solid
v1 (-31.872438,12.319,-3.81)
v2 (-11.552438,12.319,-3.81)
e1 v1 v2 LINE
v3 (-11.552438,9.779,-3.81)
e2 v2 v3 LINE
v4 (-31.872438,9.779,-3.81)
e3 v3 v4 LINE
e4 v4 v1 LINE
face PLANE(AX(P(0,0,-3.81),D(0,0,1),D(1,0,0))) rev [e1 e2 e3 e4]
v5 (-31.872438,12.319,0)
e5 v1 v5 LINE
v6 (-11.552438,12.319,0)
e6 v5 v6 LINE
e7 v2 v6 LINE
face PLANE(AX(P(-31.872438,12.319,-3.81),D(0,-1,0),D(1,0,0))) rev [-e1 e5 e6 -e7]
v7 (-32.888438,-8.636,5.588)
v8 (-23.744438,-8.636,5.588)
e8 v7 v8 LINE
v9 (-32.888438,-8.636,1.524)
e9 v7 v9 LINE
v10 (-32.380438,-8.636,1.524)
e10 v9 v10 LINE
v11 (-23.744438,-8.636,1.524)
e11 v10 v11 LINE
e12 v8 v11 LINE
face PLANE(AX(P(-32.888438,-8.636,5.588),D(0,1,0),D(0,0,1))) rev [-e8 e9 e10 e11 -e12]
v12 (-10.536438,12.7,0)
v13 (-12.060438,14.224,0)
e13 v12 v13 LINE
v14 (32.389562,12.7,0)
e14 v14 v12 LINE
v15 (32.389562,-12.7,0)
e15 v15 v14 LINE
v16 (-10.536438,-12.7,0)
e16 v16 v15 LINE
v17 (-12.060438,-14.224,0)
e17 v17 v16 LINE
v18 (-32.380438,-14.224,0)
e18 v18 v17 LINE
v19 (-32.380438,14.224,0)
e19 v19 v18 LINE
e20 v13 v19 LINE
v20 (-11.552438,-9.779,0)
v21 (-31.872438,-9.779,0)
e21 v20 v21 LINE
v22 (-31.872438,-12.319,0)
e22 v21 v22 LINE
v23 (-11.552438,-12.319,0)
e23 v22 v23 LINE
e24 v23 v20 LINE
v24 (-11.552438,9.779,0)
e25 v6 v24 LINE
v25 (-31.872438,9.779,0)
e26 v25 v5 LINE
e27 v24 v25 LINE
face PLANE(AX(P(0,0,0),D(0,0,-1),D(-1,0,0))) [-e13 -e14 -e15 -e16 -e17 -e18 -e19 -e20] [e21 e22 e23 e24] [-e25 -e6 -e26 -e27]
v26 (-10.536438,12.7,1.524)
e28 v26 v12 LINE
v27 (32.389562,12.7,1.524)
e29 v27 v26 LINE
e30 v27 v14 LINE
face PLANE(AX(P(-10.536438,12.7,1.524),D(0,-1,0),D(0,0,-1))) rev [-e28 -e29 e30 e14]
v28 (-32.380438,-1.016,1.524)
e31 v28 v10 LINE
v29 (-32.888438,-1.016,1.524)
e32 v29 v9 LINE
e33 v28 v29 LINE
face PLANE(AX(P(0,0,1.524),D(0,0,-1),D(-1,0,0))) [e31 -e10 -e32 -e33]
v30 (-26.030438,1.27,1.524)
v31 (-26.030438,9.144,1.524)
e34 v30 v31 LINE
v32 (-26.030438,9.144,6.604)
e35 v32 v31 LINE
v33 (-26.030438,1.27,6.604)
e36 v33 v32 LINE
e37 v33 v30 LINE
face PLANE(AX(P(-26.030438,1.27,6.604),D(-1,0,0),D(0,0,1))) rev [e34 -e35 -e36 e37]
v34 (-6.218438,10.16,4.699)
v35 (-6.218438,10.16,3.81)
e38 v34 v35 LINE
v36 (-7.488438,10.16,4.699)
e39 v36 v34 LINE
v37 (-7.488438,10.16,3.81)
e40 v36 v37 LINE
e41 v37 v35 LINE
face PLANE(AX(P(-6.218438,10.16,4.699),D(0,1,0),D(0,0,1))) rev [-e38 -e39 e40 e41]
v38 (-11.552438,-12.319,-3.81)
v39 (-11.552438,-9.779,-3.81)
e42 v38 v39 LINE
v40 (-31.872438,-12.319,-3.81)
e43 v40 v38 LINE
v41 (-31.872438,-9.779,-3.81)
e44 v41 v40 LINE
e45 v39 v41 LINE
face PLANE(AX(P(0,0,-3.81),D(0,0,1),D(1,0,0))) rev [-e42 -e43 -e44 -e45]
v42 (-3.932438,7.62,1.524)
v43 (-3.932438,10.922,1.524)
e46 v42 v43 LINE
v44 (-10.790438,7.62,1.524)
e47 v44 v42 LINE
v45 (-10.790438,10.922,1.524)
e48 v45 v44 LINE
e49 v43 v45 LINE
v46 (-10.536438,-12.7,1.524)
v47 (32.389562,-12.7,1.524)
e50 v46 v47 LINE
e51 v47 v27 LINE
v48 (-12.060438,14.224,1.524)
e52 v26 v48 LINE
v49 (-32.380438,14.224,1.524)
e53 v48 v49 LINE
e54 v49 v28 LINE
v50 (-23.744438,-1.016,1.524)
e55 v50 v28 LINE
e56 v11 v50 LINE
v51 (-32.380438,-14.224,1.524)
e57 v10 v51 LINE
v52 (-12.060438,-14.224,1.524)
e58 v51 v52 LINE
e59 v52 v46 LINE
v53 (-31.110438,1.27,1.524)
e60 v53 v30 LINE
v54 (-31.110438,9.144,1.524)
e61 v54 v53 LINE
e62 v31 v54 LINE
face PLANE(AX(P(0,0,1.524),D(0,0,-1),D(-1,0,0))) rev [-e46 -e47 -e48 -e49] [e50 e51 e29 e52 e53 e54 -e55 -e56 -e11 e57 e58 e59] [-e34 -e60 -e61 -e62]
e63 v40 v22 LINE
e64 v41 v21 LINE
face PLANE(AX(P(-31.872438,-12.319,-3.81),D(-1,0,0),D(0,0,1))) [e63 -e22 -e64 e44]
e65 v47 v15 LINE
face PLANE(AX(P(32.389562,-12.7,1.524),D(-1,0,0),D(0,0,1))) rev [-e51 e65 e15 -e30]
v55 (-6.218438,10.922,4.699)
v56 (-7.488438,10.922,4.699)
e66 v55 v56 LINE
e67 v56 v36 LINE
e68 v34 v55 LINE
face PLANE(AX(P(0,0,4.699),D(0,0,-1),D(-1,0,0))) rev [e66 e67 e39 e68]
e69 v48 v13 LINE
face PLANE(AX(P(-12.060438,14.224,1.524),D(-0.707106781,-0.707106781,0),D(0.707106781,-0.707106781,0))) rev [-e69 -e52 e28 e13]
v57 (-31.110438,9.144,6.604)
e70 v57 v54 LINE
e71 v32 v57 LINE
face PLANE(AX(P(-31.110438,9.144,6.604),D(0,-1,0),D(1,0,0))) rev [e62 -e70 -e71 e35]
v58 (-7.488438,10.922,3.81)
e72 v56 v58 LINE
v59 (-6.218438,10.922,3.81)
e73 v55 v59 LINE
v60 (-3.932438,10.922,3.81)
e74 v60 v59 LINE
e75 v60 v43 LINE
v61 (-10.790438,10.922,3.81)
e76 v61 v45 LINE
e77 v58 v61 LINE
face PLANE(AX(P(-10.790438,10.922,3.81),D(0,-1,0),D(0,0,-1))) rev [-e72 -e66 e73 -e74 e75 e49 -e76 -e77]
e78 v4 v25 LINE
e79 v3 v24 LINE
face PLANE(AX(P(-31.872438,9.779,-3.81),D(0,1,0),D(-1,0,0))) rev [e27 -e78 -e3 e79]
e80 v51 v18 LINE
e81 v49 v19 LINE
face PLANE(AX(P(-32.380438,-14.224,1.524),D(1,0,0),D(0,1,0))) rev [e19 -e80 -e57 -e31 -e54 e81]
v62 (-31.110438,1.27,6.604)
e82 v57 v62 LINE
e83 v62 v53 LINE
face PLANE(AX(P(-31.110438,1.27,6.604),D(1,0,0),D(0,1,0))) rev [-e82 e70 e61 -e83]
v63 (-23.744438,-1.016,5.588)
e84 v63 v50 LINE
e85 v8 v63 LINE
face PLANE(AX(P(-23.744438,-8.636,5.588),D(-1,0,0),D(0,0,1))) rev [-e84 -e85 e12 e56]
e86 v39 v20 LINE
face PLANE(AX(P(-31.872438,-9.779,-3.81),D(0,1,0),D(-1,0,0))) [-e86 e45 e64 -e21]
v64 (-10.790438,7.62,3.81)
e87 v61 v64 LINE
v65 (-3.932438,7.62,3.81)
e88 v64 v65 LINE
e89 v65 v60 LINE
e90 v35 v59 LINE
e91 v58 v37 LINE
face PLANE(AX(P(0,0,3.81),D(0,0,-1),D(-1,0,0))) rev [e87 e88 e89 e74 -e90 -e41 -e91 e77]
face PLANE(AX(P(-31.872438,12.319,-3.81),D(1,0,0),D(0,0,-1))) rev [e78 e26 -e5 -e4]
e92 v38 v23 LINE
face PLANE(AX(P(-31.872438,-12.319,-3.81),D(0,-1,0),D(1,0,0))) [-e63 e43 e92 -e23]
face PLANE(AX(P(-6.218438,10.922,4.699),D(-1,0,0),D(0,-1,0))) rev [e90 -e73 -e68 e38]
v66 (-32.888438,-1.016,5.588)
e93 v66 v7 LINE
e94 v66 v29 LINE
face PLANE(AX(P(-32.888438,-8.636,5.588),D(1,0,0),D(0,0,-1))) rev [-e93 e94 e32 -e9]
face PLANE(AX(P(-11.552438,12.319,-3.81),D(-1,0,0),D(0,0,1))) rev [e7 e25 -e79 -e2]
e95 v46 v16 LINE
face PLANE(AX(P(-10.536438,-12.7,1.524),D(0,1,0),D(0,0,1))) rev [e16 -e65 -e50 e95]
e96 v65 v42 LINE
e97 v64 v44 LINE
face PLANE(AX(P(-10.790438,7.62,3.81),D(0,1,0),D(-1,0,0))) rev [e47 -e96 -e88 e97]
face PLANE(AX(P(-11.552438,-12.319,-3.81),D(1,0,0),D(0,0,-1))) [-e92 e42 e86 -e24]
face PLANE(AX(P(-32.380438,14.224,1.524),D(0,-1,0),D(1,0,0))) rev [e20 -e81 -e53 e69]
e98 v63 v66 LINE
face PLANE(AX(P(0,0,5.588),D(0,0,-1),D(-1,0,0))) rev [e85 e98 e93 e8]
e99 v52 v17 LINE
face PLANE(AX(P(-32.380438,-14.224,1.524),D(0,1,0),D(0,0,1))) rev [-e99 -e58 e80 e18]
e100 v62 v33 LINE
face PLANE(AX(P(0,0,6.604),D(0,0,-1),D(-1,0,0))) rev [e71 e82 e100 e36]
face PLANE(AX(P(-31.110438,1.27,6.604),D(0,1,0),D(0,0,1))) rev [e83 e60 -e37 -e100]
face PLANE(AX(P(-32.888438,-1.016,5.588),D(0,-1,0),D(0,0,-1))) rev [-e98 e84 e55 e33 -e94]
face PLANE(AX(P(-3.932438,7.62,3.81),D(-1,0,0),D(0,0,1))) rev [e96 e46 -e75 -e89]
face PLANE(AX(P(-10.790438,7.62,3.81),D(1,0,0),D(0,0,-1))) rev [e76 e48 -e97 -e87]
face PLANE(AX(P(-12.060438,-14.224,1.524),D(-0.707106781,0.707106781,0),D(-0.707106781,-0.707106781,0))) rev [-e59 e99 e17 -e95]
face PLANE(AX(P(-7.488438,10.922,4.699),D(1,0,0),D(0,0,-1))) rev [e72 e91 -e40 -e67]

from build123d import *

# Parameters (mm, degrees)
BOSS_EXTRUDE1_DEPTH = 1.524
SKETCH2_W           = 9.144
SKETCH2_H           = 7.62
BOSS_EXTRUDE2_DEPTH = 4.064
SKETCH3_W           = 5.08
SKETCH3_H           = 7.874
BOSS_EXTRUDE3_DEPTH = 5.08
SKETCH4_W           = 20.32
SKETCH4_H           = 2.54
BOSS_EXTRUDE4_DEPTH = 3.81
SKETCH6_W           = 6.858
SKETCH6_H           = 3.302
BOSS_EXTRUDE5_DEPTH = 2.286
SKETCH7_W           = 1.27
SKETCH7_H           = 0.762
BOSS_EXTRUDE6_DEPTH = 0.889


with BuildPart() as part:
    # Sketch1 → Boss-Extrude1 (new body)
    with BuildSketch(Plane.XY):
        Polygon((-10.536438109, -12.7), (32.389561792, -12.7), (32.389561792, 12.7), (-10.536438109, 12.7), (-12.060438109, 14.224), (-32.380438109, 14.224), (-32.380438109, -14.224), (-12.060438109, -14.224), align=None)
    extrude(amount=BOSS_EXTRUDE1_DEPTH)

    # Sketch2 → Boss-Extrude2 (add)
    with BuildSketch(Plane.XY.offset(1.524)):
        with Locations((-28.316438109, -4.826)):
            Rectangle(SKETCH2_W, SKETCH2_H)
    extrude(amount=BOSS_EXTRUDE2_DEPTH)

    # Sketch3 → Boss-Extrude3 (add)
    with BuildSketch(Plane.XY.offset(1.524)):
        with Locations((-28.570438109, 5.207)):
            Rectangle(SKETCH3_W, SKETCH3_H)
    extrude(amount=BOSS_EXTRUDE3_DEPTH)

    # Sketch4 → Boss-Extrude4 (add)
    with BuildSketch(Plane(origin=(0, 0, 0), x_dir=(-1, 0, 0), z_dir=(0, 0, -1))):
        with Locations((21.712438109, 11.049)):
            Rectangle(SKETCH4_W, SKETCH4_H)
    boss_extrude4 = extrude(amount=BOSS_EXTRUDE4_DEPTH)

    # Mirror1: Boss-Extrude4 across plane
    add(boss_extrude4.mirror(Plane.ZX))

    # Sketch6 → Boss-Extrude5 (add)
    with BuildSketch(Plane.XY.offset(1.524)):
        with Locations((-7.361438109, 9.271)):
            Rectangle(SKETCH6_W, SKETCH6_H)
    extrude(amount=BOSS_EXTRUDE5_DEPTH)

    # Sketch7 → Boss-Extrude6 (add)
    with BuildSketch(Plane.XY.offset(3.81)):
        with Locations((-6.853438109, 10.541)):
            Rectangle(SKETCH7_W, SKETCH7_H)
    extrude(amount=BOSS_EXTRUDE6_DEPTH)


solid = part.part
